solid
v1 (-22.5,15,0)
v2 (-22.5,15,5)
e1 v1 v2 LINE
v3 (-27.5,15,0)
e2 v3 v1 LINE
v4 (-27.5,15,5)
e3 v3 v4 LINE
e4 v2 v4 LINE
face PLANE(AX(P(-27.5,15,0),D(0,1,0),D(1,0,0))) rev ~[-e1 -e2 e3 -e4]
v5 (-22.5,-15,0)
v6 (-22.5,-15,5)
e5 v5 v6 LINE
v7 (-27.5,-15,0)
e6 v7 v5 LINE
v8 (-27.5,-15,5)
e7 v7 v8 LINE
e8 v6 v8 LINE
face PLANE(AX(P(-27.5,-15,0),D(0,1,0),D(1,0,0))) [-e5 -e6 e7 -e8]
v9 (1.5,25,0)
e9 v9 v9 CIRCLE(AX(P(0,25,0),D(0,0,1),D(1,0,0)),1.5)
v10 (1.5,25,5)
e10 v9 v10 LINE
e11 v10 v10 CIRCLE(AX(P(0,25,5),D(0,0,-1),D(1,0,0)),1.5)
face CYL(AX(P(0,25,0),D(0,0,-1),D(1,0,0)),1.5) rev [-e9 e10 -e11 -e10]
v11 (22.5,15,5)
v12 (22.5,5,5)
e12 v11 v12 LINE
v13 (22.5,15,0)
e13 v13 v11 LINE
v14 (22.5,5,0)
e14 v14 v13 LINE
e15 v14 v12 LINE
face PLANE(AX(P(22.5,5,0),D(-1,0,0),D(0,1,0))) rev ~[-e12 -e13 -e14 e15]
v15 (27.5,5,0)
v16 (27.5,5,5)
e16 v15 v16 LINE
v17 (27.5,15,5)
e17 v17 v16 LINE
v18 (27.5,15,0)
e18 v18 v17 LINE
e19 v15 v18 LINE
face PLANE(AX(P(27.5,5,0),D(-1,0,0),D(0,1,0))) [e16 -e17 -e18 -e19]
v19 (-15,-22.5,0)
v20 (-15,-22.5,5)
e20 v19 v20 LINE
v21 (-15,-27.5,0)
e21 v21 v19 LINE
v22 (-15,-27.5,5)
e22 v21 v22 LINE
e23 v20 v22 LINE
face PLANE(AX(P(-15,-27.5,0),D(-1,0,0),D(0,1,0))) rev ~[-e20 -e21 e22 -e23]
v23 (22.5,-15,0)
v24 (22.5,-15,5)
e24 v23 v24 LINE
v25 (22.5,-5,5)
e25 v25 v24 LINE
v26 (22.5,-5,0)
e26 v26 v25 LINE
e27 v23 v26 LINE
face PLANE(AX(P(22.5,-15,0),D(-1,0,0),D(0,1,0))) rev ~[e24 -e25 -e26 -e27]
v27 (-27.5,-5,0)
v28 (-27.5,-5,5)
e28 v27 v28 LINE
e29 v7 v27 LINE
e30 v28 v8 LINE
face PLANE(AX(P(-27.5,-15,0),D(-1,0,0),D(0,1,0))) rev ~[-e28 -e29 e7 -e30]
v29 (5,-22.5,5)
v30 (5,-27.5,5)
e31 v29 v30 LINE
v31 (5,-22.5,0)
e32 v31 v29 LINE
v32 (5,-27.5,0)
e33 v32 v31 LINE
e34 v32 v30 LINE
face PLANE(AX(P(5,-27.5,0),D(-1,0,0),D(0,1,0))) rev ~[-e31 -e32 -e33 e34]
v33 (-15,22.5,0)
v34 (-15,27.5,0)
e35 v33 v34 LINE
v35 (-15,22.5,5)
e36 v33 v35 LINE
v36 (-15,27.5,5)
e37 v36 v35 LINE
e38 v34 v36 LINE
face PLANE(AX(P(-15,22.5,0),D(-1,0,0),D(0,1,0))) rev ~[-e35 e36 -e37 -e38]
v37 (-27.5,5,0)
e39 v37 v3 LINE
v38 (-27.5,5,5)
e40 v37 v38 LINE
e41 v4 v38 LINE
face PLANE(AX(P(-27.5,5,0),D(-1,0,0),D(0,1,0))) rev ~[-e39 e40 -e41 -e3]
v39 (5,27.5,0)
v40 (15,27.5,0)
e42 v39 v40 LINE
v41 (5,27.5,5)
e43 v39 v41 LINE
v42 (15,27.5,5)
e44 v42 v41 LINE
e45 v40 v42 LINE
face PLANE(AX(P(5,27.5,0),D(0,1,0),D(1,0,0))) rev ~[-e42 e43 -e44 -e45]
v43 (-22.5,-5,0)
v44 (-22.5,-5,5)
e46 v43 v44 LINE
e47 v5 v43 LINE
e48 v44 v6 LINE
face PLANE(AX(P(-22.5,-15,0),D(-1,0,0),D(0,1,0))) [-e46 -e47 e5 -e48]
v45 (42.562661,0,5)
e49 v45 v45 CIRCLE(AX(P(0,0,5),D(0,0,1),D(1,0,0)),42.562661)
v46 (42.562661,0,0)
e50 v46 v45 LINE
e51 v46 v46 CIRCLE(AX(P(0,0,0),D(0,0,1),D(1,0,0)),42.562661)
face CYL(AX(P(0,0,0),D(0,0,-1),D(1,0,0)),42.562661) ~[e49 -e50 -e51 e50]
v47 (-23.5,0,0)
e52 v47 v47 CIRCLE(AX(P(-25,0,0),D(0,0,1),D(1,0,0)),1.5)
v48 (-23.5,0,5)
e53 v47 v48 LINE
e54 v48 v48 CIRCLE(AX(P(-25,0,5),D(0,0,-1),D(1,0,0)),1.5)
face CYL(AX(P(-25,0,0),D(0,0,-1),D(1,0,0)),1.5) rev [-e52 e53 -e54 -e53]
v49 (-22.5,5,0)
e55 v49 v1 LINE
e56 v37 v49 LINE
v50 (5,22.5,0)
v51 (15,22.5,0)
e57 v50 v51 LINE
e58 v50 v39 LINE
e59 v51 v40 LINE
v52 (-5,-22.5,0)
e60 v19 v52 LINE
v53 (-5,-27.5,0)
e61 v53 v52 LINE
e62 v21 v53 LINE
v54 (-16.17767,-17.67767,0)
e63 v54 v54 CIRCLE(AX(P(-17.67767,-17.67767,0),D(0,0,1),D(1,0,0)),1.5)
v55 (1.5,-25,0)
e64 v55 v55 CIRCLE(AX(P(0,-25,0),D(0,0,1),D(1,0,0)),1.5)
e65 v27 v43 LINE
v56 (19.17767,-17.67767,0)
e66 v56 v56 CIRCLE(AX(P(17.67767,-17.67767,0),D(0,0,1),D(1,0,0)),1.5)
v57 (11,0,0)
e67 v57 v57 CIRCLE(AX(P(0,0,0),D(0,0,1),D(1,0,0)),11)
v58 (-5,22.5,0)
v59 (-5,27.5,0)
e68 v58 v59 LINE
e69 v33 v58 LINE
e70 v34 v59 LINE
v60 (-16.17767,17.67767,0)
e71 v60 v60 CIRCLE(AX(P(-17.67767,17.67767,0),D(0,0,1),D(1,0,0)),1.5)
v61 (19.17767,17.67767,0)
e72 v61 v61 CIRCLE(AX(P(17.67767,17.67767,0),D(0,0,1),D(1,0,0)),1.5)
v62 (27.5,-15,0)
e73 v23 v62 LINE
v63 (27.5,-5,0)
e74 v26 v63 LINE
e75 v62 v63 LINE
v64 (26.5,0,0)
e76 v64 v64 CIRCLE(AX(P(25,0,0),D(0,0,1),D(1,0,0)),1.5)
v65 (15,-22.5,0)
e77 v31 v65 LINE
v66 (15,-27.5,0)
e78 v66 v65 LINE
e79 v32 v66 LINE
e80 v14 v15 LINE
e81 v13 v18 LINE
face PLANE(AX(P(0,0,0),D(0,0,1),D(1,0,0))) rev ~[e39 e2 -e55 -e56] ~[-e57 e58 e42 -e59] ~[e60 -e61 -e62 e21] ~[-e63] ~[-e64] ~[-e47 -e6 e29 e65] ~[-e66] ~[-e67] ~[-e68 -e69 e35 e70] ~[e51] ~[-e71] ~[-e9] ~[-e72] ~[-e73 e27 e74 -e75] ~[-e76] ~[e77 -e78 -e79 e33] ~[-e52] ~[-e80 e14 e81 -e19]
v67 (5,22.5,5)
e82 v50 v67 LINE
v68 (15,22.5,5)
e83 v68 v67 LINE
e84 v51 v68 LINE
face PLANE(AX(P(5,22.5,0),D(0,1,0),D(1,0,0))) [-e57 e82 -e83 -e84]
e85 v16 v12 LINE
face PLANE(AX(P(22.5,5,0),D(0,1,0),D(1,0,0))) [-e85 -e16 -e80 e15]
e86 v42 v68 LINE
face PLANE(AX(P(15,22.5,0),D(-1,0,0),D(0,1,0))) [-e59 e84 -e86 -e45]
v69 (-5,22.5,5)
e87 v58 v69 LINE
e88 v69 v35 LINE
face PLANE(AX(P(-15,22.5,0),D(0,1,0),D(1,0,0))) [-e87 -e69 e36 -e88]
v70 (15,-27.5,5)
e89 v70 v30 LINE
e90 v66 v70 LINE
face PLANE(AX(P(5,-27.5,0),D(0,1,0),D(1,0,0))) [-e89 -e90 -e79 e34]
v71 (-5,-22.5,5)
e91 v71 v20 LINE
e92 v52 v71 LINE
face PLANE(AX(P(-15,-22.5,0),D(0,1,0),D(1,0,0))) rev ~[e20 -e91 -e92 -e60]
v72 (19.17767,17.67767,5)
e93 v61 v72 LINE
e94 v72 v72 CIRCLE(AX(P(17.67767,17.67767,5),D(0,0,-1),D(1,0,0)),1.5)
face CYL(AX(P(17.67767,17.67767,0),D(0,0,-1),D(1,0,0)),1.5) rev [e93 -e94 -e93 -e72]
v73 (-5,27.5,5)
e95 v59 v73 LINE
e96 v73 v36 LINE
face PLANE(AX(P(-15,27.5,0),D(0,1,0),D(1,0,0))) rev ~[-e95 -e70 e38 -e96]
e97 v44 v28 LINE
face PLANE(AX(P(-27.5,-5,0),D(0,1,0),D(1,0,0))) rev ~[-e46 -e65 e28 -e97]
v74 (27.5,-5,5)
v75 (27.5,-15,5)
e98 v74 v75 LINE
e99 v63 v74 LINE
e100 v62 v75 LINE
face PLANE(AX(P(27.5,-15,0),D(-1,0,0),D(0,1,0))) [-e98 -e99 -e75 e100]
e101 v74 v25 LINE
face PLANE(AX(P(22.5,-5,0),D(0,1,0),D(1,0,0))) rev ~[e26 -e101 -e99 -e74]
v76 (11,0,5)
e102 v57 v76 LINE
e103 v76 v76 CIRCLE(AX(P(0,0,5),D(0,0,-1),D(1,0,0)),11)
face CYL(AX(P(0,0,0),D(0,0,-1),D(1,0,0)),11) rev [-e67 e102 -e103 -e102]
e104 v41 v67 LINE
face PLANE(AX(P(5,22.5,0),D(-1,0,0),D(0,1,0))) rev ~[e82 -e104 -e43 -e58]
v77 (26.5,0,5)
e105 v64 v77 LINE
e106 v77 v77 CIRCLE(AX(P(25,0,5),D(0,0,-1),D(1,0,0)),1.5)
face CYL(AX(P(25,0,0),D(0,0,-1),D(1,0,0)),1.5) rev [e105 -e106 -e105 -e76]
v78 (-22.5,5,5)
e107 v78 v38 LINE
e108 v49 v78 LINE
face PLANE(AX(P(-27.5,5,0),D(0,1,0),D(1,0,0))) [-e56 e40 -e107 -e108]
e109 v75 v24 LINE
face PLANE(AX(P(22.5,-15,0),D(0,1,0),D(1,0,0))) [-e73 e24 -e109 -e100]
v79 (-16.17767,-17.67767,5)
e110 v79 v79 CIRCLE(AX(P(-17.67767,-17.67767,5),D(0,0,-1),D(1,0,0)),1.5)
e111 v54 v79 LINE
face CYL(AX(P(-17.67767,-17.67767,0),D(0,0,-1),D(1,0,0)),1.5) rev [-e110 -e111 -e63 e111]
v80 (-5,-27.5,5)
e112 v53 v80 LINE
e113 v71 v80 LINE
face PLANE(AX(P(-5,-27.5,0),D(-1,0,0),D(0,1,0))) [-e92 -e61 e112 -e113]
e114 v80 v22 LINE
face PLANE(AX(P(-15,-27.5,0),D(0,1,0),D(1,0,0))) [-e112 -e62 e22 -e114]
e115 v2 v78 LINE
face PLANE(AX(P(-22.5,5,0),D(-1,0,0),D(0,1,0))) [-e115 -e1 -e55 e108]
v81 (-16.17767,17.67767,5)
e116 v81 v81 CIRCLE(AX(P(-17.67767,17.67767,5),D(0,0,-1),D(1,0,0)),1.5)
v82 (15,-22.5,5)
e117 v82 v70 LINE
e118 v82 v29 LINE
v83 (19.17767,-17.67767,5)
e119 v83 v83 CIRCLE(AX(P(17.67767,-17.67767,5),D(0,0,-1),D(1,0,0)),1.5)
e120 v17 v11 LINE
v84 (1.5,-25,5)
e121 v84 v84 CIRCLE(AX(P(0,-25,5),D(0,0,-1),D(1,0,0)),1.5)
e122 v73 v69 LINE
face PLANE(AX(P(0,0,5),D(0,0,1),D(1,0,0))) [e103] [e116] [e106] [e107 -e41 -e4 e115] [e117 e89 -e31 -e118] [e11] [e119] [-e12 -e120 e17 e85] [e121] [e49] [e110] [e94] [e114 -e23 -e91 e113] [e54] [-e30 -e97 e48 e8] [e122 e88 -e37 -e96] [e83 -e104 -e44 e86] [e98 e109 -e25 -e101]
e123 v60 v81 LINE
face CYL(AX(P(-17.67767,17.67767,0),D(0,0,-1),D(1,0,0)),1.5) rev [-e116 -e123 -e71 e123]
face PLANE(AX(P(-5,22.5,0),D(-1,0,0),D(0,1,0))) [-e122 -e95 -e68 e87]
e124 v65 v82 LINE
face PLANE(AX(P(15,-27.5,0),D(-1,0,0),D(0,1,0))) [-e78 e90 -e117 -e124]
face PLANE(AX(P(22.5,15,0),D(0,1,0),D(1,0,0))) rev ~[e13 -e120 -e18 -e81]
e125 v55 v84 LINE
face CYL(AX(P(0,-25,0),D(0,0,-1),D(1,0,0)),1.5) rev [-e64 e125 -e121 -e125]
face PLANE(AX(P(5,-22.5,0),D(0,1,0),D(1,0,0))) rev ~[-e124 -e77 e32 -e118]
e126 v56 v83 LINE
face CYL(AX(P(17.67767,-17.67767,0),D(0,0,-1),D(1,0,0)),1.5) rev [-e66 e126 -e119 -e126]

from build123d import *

# Parameters (mm, degrees)
SCHIZZO1_R                   = 42.562660939
ESTRUSIONE_ESTRUSIONE1_DEPTH = 5
SCHIZZO3_R                   = 11
TAGLIO_ESTRUSIONE2_DEPTH     = 6
SCHIZZO4_R                   = 1.5
SCHIZZO4_W                   = 5
SCHIZZO4_H                   = 10
SCHIZZO4_W_2                 = 10
SCHIZZO4_H_2                 = 5
TAGLIO_ESTRUSIONE3_DEPTH     = 6


with BuildPart() as part:
    # Schizzo1 → Estrusione-Estrusione1 (new body)
    with BuildSketch(Plane.XY):
        Circle(SCHIZZO1_R)
    extrude(amount=ESTRUSIONE_ESTRUSIONE1_DEPTH)

    # Schizzo3 → Taglio-Estrusione2 (cut, through all)
    with BuildSketch(Plane.XY):
        Circle(SCHIZZO3_R)
    extrude(amount=TAGLIO_ESTRUSIONE2_DEPTH, mode=Mode.SUBTRACT)

    # Schizzo4 → Taglio-Estrusione3 (cut, through all)
    with BuildSketch(Plane.XY):
        with Locations((0, 25)):
            Circle(SCHIZZO4_R)
        with Locations((17.67766953, 17.67766953)):
            Circle(SCHIZZO4_R)
        with Locations((25, 0)):
            Circle(SCHIZZO4_R)
        with Locations((17.67766953, -17.67766953)):
            Circle(SCHIZZO4_R)
        with Locations((0, -25)):
            Circle(SCHIZZO4_R)
        with Locations((-17.67766953, -17.67766953)):
            Circle(SCHIZZO4_R)
        with Locations((-25, 0)):
            Circle(SCHIZZO4_R)
        with Locations((-17.67766953, 17.67766953)):
            Circle(SCHIZZO4_R)
        with Locations((-25, -10)):
            Rectangle(SCHIZZO4_W, SCHIZZO4_H)
        with Locations((-25, 10)):
            Rectangle(SCHIZZO4_W, SCHIZZO4_H)
        with Locations((10, 25)):
            Rectangle(SCHIZZO4_W_2, SCHIZZO4_H_2)
        with Locations((-10, 25)):
            Rectangle(SCHIZZO4_W_2, SCHIZZO4_H_2)
        with Locations((25, -10)):
            Rectangle(SCHIZZO4_W, SCHIZZO4_H)
        with Locations((25, 10)):
            Rectangle(SCHIZZO4_W, SCHIZZO4_H)
        with Locations((-10, -25)):
            Rectangle(SCHIZZO4_W_2, SCHIZZO4_H_2)
        with Locations((10, -25)):
            Rectangle(SCHIZZO4_W_2, SCHIZZO4_H_2)
    extrude(amount=TAGLIO_ESTRUSIONE3_DEPTH, mode=Mode.SUBTRACT)


solid = part.part
